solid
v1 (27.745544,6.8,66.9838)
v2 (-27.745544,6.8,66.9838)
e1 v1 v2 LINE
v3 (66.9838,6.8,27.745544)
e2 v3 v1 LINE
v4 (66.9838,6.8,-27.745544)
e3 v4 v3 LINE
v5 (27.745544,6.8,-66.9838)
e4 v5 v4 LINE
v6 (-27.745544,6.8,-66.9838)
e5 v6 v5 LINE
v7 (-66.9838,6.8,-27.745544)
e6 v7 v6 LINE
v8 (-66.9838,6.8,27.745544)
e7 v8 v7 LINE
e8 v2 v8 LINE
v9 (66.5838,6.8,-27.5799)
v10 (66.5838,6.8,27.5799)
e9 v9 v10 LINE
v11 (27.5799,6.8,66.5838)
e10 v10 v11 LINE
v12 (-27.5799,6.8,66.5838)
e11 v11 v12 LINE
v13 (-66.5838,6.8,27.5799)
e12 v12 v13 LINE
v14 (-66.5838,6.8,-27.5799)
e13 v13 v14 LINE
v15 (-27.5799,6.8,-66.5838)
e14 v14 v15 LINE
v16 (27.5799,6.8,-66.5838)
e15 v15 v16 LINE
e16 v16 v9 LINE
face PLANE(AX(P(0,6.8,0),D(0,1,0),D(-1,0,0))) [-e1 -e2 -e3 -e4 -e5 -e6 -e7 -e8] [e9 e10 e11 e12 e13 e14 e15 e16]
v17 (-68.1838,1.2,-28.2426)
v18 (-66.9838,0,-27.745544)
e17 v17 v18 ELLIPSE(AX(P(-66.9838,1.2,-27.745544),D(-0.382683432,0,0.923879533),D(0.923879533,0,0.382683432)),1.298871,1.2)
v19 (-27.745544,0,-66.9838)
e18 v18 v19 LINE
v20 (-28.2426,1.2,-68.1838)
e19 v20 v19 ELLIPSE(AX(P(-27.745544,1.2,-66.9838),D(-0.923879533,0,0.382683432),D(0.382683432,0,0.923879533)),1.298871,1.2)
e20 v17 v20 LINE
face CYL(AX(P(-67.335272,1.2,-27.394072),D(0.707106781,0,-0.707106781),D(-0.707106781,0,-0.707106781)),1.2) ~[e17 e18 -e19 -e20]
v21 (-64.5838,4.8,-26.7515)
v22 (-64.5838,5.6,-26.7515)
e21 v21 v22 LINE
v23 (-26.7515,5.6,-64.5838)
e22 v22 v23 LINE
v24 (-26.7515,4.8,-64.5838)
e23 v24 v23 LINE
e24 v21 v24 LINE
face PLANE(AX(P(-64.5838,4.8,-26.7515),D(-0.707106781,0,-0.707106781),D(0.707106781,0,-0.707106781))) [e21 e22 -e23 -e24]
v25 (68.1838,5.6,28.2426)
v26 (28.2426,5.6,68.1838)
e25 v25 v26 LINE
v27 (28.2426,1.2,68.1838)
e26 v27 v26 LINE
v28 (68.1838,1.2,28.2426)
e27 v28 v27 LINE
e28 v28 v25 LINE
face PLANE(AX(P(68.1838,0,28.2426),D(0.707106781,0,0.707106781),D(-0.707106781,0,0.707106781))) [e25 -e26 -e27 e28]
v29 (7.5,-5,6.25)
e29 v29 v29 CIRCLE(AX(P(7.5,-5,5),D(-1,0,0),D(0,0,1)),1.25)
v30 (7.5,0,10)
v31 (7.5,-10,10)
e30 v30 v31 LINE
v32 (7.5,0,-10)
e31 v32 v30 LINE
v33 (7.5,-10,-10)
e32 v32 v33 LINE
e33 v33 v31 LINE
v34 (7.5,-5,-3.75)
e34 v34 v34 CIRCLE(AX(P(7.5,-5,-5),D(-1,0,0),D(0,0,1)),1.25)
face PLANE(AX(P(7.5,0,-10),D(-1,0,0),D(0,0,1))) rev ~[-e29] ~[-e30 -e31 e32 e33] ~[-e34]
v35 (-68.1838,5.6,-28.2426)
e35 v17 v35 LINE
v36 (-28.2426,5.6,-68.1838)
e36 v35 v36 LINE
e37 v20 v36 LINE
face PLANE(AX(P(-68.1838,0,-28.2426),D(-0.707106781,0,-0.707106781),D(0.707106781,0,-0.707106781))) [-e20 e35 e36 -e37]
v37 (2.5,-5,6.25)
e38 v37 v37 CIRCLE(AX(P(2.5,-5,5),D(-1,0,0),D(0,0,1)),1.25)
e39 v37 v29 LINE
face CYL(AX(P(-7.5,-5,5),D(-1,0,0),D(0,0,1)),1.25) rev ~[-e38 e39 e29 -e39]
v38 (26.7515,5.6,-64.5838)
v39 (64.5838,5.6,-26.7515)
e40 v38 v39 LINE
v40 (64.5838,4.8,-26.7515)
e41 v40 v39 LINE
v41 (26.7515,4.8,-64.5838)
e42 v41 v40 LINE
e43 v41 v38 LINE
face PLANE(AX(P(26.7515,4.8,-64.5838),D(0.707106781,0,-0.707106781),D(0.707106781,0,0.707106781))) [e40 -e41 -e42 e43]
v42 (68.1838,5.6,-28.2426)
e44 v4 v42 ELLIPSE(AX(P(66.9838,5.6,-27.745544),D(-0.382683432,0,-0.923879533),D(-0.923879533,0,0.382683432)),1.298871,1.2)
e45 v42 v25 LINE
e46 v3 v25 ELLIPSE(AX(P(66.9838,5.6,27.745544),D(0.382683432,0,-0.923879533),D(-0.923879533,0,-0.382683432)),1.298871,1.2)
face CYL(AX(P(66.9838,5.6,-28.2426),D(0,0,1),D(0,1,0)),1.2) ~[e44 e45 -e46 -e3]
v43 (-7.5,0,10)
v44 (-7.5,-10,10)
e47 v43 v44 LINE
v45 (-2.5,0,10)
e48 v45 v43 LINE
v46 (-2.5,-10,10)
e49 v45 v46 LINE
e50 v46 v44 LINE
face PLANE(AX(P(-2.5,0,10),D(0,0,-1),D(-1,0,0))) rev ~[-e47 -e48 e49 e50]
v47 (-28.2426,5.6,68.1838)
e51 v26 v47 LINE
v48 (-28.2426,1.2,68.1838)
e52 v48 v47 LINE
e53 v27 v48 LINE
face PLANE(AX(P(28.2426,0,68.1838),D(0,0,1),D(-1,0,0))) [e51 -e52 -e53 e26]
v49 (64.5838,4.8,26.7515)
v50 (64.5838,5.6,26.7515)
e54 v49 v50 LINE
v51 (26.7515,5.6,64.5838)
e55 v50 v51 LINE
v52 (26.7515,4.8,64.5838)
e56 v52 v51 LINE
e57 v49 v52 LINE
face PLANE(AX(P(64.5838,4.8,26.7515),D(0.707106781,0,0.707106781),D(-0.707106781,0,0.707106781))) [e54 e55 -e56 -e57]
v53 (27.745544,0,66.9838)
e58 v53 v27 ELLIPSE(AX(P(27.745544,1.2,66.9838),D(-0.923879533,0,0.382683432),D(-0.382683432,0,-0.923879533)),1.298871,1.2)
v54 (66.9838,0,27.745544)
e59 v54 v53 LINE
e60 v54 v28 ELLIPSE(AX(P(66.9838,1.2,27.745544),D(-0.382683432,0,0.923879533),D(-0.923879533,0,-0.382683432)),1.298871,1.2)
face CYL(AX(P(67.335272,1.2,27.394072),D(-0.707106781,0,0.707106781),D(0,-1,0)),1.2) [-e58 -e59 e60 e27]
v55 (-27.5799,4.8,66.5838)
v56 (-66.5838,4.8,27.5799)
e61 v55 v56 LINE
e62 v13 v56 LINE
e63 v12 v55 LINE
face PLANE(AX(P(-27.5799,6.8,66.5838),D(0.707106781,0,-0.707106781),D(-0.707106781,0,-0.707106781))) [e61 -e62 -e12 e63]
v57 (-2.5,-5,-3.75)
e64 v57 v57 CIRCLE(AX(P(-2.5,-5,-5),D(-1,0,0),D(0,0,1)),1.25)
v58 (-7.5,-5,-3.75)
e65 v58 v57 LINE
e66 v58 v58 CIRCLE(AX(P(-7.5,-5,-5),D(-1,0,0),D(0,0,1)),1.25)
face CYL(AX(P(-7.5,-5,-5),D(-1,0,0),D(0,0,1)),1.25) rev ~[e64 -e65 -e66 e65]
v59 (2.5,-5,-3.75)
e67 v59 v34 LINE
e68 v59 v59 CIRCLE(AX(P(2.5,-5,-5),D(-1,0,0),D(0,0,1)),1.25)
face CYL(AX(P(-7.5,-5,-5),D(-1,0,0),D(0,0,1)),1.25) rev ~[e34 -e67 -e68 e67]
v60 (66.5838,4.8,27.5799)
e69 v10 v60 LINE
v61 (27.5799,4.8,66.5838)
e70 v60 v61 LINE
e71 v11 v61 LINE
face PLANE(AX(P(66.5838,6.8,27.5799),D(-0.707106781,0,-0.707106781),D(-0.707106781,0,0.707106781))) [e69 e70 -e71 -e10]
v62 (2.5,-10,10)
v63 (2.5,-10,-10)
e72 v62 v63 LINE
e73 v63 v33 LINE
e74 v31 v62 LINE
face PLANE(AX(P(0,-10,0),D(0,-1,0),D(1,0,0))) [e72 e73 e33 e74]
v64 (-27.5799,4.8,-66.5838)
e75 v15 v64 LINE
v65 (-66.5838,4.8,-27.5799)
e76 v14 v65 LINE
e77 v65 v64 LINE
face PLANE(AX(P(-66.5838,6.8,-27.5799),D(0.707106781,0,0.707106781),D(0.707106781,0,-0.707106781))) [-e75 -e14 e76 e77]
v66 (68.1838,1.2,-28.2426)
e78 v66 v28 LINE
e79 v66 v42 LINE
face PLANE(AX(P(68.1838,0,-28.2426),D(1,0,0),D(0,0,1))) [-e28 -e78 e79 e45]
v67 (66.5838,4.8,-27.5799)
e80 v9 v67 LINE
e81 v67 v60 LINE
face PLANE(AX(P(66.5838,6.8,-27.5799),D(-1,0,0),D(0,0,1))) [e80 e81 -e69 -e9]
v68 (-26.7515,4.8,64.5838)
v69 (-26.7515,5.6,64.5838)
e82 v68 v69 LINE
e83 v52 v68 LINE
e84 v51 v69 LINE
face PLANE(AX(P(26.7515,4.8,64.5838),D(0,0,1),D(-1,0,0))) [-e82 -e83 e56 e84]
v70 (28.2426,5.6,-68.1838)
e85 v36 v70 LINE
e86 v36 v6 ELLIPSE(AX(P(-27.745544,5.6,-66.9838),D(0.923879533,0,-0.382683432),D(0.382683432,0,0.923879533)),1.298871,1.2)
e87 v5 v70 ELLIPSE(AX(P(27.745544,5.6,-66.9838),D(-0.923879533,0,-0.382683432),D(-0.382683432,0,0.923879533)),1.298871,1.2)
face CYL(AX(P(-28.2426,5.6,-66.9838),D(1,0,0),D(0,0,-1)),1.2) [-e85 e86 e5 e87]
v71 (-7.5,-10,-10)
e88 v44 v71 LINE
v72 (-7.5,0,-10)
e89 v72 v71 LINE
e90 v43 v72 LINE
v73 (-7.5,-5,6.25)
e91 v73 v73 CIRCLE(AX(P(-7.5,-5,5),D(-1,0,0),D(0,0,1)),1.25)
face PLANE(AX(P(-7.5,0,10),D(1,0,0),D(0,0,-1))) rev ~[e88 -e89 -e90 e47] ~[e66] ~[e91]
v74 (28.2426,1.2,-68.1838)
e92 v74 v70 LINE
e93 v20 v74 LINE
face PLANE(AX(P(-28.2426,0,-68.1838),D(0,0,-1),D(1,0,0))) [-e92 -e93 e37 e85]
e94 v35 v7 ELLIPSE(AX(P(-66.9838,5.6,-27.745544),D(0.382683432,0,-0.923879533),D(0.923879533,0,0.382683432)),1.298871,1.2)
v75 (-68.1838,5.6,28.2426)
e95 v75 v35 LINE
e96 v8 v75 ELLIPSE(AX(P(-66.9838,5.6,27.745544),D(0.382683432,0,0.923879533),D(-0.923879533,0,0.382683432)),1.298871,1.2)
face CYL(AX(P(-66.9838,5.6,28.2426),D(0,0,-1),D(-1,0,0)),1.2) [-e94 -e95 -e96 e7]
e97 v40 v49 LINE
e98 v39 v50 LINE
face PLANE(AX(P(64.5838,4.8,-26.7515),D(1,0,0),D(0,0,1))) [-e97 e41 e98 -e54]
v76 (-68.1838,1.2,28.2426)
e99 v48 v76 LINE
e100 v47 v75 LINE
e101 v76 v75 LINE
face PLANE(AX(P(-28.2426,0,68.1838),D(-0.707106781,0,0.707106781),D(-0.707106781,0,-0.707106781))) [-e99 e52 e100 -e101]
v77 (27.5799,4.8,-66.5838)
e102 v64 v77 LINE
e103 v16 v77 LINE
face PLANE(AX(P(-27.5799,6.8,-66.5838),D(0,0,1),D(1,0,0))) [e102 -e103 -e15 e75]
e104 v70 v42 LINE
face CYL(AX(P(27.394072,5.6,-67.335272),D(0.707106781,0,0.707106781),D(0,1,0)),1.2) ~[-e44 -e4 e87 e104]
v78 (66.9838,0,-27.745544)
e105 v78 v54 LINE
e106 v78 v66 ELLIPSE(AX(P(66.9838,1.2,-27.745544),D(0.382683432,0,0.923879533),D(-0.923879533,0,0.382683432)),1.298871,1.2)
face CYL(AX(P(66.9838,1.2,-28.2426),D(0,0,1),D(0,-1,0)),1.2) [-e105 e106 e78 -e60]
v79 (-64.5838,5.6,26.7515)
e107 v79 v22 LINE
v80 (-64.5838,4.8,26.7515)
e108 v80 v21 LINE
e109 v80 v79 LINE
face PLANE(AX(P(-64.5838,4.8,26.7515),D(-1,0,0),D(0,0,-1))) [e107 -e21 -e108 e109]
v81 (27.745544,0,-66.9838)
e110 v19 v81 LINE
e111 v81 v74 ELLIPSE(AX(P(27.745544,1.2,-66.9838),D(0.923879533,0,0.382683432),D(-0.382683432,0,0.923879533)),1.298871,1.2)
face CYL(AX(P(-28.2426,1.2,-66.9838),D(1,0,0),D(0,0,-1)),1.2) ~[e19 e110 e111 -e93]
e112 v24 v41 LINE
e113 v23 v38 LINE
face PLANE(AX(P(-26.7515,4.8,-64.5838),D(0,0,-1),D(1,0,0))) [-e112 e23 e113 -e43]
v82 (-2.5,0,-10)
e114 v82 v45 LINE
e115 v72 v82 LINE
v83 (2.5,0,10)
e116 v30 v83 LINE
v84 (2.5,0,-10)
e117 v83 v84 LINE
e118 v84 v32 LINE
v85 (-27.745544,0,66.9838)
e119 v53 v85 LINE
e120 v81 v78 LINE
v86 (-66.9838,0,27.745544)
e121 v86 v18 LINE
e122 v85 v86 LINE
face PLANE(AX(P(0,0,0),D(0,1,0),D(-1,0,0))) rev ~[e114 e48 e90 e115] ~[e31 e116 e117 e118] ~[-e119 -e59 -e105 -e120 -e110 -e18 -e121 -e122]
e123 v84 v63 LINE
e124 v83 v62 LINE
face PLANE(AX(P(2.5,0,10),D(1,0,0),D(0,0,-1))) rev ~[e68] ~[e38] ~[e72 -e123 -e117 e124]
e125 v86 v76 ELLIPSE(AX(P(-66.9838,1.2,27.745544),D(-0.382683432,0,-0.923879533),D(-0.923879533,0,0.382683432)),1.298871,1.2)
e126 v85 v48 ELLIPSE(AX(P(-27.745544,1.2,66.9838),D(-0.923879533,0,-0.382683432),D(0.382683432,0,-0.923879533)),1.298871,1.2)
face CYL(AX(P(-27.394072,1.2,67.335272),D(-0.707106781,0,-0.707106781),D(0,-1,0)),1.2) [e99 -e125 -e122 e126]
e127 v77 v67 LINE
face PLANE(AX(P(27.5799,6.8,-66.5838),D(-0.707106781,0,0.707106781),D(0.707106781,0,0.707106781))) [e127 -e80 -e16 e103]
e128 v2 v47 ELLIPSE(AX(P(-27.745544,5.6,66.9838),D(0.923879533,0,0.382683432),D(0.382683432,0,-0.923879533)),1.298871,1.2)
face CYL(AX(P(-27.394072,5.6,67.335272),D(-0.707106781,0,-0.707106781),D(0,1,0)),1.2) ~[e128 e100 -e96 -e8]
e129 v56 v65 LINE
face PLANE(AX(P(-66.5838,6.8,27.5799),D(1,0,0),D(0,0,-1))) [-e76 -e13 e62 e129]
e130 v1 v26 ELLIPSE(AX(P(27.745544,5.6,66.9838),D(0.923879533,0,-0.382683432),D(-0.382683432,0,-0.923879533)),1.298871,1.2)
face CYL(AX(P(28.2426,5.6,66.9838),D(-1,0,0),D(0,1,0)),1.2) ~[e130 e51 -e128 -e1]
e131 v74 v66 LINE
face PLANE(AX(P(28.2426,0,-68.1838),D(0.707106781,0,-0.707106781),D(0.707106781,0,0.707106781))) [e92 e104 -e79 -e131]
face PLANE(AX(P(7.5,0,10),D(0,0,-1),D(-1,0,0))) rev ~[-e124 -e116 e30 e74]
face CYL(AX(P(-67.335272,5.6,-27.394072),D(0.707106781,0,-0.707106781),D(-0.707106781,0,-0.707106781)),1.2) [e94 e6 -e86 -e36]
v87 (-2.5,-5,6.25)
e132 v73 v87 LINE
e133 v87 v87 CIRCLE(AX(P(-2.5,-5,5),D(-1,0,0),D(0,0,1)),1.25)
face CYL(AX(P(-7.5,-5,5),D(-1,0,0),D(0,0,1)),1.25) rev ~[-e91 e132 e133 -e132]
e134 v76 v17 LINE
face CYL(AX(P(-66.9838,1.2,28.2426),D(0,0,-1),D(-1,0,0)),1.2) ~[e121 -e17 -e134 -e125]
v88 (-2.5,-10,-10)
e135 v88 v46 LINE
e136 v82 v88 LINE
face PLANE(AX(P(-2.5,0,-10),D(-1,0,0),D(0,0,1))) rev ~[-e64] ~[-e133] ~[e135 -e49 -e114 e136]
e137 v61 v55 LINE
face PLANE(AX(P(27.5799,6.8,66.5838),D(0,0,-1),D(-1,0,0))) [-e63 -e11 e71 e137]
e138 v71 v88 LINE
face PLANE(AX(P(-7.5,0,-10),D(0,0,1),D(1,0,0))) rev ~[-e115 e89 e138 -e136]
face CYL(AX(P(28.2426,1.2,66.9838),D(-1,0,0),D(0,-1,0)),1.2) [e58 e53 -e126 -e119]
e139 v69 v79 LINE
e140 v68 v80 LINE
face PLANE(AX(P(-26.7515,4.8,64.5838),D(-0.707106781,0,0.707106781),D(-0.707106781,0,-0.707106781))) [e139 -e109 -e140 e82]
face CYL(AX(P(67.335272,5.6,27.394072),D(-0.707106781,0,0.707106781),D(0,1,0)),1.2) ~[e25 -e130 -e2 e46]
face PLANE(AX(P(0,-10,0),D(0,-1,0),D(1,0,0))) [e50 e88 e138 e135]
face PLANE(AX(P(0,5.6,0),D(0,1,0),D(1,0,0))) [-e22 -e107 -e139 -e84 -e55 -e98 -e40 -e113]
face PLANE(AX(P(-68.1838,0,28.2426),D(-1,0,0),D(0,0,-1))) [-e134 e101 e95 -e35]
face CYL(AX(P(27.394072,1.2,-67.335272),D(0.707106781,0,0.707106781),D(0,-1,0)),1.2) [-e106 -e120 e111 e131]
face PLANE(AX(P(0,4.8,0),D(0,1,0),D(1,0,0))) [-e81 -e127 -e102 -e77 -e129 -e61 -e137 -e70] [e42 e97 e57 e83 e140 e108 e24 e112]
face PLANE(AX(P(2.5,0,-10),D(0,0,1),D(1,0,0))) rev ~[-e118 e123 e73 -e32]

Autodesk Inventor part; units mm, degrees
ref_plane "YZ Plane" through (0, 0, 0) normal (1, 0, 0) x (0, 1, 0)
ref_plane "XZ Plane" through (0, 0, 0) normal (0, 1, 0) x (-1, 0, 0)
ref_plane "XY Plane" through (0, 0, 0) normal (0, 0, 1) x (1, 0, 0)
sketch "스케치3" plane through (0, 0, 0) normal (0, 1, 0) x (-1, 0, 0)
  line L0 (68.1838, -28.2426) -> (28.2426, -68.1838)
  line L1 (28.2426, -68.1838) -> (-28.2426, -68.1838)
  line L2 (-28.2426, -68.1838) -> (-68.1838, -28.2426)
  line L3 (-68.1838, -28.2426) -> (-68.1838, 28.2426)
  line L4 (-68.1838, 28.2426) -> (-28.2426, 68.1838)
  line L5 (-28.2426, 68.1838) -> (28.2426, 68.1838)
  line L6 (28.2426, 68.1838) -> (68.1838, 28.2426)
  line L7 (68.1838, 28.2426) -> (68.1838, -28.2426)
  line L8 (27, -65.1838) -> (-27, -65.1838)
  line L9 (-27, -65.1838) -> (-65.1838, -27)
  line L10 (-65.1838, -27) -> (-65.1838, 27)
  line L11 (-65.1838, 27) -> (-27, 65.1838)
  line L12 (-27, 65.1838) -> (27, 65.1838)
  line L13 (27, 65.1838) -> (65.1838, 27)
  line L14 (65.1838, 27) -> (65.1838, -27)
  line L15 (65.1838, -27) -> (27, -65.1838)
  point P0 (0, 0)
  point P1 (0, 0)
  point P2 (0, 0)
  point P3 (0, 0)
  dimension "d66" = 54
  dimension "d67" = 3
extrude "돌출2" add sketch "스케치3" along normal blind 6.8 contours L0 L1 L2 L3 L4 L5 L6 L7 | L8 L9 L10 L11 L12 L13 L14 L15
sketch "스케치4" plane through (0, 6.8, 0) normal (0, 1, 0) x (1, 0, 0)
  line L0 (26.8343, -64.7838) -> (-26.8343, -64.7838)
  line L1 (-26.8343, -64.7838) -> (-64.7838, -26.8343)
  line L2 (-64.7838, -26.8343) -> (-64.7838, 26.8343)
  line L3 (-64.7838, 26.8343) -> (-26.8343, 64.7838)
  line L4 (-26.8343, 64.7838) -> (26.8343, 64.7838)
  line L5 (26.8343, 64.7838) -> (64.7838, 26.8343)
  line L6 (64.7838, 26.8343) -> (64.7838, -26.8343)
  line L7 (64.7838, -26.8343) -> (26.8343, -64.7838)
  line L8 (-27.5799, 66.5838) -> (27.5799, 66.5838)
  line L9 (27.5799, 66.5838) -> (66.5838, 27.5799)
  line L10 (66.5838, 27.5799) -> (66.5838, -27.5799)
  line L11 (66.5838, -27.5799) -> (27.5799, -66.5838)
  line L12 (27.5799, -66.5838) -> (-27.5799, -66.5838)
  line L13 (-27.5799, -66.5838) -> (-66.5838, -27.5799)
  line L14 (-66.5838, -27.5799) -> (-66.5838, 27.5799)
  line L15 (-66.5838, 27.5799) -> (-27.5799, 66.5838)
  line L16 (-26.7515, 64.5838) -> (26.7515, 64.5838)
  line L17 (26.7515, 64.5838) -> (64.5838, 26.7515)
  line L18 (64.5838, 26.7515) -> (64.5838, -26.7515)
  line L19 (64.5838, -26.7515) -> (26.7515, -64.5838)
  line L20 (26.7515, -64.5838) -> (-26.7515, -64.5838)
  line L21 (-26.7515, -64.5838) -> (-64.5838, -26.7515)
  line L22 (-64.5838, -26.7515) -> (-64.5838, 26.7515)
  line L23 (-64.5838, 26.7515) -> (-26.7515, 64.5838)
  line L24 (-68.1838, 28.2426) -> (-68.1838, -28.2426) projected
  point P0 (0, 0)
  point P1 (0, 0)
  point P2 (0, 0)
  point P3 (0, 0)
  dimension "d68" = 1.8
  dimension "d69" = 0.2
  dimension "d99" = 1.6
extrude "돌출3" cut sketch "스케치4" against normal blind 2 contours L0 L1 L2 L3 L4 L5 L6 L7 | L8 L9 L10 L11 L12 L13 L14 L15 | L16 L17 L18 L19 L20 L21 L22 L23
sketch "스케치9" plane through (0, 0, 0) normal (0, -1, 0) x (1, 0, 0)
  line L0 (7.5, 10) -> (2.5, 10)
  line L1 (2.5, 10) -> (2.5, -10)
  line L2 (2.5, -10) -> (7.5, -10)
  line L3 (7.5, -10) -> (7.5, 10)
  line L4 (7.5, 10) -> (2.5, -10) construction
  line L5 (2.5, 10) -> (7.5, -10) construction
  line L6 (-2.5, 10) -> (-7.5, 10)
  line L7 (-7.5, 10) -> (-7.5, -10)
  line L8 (-7.5, -10) -> (-2.5, -10)
  line L9 (-2.5, 10) -> (-7.5, -10) construction
  line L10 (-7.5, 10) -> (-2.5, -10) construction
  line L11 (-2.5, -10) -> (-2.5, 10)
  point P0 (0, 0)
  point P1 (5, 0)
  point P2 (-5, 0)
  dimension "d42" = 20
  dimension "d43" = 5
  dimension "d44" = 2.5
  dimension "d47" = 10
extrude "돌출8" add sketch "스케치9" along normal blind 10
sketch "스케치10" plane through (-7.5, 0, -10) normal (-1, 0, 0) x (0, 0, 1)
  circle A0 centre (15, -5) radius 1.25
  line L0 (19.9591, 0) -> (0.0886, 0)
  line L1 (38.2426, 0) -> (-18.2426, 0) projected
  circle A1 centre (5, -5) radius 1.25
  line L2 (20, 0) -> (20, -10) projected
  point P0 (10, 0)
  dimension "d54" = 2.5
  dimension "d57" = 10
  dimension "d62" = 5
  dimension "d63" = 5
extrude "돌출9" cut sketch "스케치10" against normal blind 20
sketch "스케치11" plane through (0, 4.8, 0) normal (0, 1, 0) x (1, 0, 0)
  line L0 (-26.7515, 64.5838) -> (26.7515, 64.5838)
  line L1 (26.7515, 64.5838) -> (64.5838, 26.7515)
  line L2 (64.5838, 26.7515) -> (64.5838, -26.7515)
  line L3 (64.5838, -26.7515) -> (26.7515, -64.5838)
  line L4 (26.7515, -64.5838) -> (-26.7515, -64.5838)
  line L5 (-26.7515, -64.5838) -> (-64.5838, -26.7515)
  line L6 (-64.5838, -26.7515) -> (-64.5838, 26.7515)
  line L7 (-64.5838, 26.7515) -> (-26.7515, 64.5838)
  line L8 (-27.5799, 66.5838) -> (27.5799, 66.5838) projected
  line L9 (-25.5088, 61.5838) -> (25.5088, 61.5838)
  line L10 (25.5088, 61.5838) -> (61.5838, 25.5088)
  line L11 (61.5838, 25.5088) -> (61.5838, -25.5088)
  line L12 (61.5838, -25.5088) -> (25.5088, -61.5838)
  line L13 (25.5088, -61.5838) -> (-25.5088, -61.5838)
  line L14 (-25.5088, -61.5838) -> (-61.5838, -25.5088)
  line L15 (-61.5838, -25.5088) -> (-61.5838, 25.5088)
  line L16 (-61.5838, 25.5088) -> (-25.5088, 61.5838)
  point P0 (0, 0)
  point P1 (0, 0)
  point P2 (0, 0)
  dimension "d70" = 2
  dimension "d71" = 3
extrude "돌출10" add sketch "스케치11" along normal blind 0.8 contours L0 L1 L2 L3 L4 L5 L6 L7 | L9 L10 L11 L12 L13 L14 L15 L16
fillet "모깎기1" radius 1.2 16 edges at (-48.2132, 6.8, 48.2132) (0, 6.8, 68.1838) (48.2132, 6.8, 48.2132) (68.1838, 6.8, 0) (48.2132, 6.8, -48.2132) (0, 6.8, -68.1838) (-48.2132, 6.8, -48.2132) (-68.1838, 6.8, 0) (-48.2132, 0, 48.2132) (0, 0, 68.1838) (48.2132, 0, 48.2132) (68.1838, 0, 0) (48.2132, 0, -48.2132) (0, 0, -68.1838) (-48.2132, 0, -48.2132) (-68.1838, 0, 0)
properties part number "OV-PAM_bottom_2"
